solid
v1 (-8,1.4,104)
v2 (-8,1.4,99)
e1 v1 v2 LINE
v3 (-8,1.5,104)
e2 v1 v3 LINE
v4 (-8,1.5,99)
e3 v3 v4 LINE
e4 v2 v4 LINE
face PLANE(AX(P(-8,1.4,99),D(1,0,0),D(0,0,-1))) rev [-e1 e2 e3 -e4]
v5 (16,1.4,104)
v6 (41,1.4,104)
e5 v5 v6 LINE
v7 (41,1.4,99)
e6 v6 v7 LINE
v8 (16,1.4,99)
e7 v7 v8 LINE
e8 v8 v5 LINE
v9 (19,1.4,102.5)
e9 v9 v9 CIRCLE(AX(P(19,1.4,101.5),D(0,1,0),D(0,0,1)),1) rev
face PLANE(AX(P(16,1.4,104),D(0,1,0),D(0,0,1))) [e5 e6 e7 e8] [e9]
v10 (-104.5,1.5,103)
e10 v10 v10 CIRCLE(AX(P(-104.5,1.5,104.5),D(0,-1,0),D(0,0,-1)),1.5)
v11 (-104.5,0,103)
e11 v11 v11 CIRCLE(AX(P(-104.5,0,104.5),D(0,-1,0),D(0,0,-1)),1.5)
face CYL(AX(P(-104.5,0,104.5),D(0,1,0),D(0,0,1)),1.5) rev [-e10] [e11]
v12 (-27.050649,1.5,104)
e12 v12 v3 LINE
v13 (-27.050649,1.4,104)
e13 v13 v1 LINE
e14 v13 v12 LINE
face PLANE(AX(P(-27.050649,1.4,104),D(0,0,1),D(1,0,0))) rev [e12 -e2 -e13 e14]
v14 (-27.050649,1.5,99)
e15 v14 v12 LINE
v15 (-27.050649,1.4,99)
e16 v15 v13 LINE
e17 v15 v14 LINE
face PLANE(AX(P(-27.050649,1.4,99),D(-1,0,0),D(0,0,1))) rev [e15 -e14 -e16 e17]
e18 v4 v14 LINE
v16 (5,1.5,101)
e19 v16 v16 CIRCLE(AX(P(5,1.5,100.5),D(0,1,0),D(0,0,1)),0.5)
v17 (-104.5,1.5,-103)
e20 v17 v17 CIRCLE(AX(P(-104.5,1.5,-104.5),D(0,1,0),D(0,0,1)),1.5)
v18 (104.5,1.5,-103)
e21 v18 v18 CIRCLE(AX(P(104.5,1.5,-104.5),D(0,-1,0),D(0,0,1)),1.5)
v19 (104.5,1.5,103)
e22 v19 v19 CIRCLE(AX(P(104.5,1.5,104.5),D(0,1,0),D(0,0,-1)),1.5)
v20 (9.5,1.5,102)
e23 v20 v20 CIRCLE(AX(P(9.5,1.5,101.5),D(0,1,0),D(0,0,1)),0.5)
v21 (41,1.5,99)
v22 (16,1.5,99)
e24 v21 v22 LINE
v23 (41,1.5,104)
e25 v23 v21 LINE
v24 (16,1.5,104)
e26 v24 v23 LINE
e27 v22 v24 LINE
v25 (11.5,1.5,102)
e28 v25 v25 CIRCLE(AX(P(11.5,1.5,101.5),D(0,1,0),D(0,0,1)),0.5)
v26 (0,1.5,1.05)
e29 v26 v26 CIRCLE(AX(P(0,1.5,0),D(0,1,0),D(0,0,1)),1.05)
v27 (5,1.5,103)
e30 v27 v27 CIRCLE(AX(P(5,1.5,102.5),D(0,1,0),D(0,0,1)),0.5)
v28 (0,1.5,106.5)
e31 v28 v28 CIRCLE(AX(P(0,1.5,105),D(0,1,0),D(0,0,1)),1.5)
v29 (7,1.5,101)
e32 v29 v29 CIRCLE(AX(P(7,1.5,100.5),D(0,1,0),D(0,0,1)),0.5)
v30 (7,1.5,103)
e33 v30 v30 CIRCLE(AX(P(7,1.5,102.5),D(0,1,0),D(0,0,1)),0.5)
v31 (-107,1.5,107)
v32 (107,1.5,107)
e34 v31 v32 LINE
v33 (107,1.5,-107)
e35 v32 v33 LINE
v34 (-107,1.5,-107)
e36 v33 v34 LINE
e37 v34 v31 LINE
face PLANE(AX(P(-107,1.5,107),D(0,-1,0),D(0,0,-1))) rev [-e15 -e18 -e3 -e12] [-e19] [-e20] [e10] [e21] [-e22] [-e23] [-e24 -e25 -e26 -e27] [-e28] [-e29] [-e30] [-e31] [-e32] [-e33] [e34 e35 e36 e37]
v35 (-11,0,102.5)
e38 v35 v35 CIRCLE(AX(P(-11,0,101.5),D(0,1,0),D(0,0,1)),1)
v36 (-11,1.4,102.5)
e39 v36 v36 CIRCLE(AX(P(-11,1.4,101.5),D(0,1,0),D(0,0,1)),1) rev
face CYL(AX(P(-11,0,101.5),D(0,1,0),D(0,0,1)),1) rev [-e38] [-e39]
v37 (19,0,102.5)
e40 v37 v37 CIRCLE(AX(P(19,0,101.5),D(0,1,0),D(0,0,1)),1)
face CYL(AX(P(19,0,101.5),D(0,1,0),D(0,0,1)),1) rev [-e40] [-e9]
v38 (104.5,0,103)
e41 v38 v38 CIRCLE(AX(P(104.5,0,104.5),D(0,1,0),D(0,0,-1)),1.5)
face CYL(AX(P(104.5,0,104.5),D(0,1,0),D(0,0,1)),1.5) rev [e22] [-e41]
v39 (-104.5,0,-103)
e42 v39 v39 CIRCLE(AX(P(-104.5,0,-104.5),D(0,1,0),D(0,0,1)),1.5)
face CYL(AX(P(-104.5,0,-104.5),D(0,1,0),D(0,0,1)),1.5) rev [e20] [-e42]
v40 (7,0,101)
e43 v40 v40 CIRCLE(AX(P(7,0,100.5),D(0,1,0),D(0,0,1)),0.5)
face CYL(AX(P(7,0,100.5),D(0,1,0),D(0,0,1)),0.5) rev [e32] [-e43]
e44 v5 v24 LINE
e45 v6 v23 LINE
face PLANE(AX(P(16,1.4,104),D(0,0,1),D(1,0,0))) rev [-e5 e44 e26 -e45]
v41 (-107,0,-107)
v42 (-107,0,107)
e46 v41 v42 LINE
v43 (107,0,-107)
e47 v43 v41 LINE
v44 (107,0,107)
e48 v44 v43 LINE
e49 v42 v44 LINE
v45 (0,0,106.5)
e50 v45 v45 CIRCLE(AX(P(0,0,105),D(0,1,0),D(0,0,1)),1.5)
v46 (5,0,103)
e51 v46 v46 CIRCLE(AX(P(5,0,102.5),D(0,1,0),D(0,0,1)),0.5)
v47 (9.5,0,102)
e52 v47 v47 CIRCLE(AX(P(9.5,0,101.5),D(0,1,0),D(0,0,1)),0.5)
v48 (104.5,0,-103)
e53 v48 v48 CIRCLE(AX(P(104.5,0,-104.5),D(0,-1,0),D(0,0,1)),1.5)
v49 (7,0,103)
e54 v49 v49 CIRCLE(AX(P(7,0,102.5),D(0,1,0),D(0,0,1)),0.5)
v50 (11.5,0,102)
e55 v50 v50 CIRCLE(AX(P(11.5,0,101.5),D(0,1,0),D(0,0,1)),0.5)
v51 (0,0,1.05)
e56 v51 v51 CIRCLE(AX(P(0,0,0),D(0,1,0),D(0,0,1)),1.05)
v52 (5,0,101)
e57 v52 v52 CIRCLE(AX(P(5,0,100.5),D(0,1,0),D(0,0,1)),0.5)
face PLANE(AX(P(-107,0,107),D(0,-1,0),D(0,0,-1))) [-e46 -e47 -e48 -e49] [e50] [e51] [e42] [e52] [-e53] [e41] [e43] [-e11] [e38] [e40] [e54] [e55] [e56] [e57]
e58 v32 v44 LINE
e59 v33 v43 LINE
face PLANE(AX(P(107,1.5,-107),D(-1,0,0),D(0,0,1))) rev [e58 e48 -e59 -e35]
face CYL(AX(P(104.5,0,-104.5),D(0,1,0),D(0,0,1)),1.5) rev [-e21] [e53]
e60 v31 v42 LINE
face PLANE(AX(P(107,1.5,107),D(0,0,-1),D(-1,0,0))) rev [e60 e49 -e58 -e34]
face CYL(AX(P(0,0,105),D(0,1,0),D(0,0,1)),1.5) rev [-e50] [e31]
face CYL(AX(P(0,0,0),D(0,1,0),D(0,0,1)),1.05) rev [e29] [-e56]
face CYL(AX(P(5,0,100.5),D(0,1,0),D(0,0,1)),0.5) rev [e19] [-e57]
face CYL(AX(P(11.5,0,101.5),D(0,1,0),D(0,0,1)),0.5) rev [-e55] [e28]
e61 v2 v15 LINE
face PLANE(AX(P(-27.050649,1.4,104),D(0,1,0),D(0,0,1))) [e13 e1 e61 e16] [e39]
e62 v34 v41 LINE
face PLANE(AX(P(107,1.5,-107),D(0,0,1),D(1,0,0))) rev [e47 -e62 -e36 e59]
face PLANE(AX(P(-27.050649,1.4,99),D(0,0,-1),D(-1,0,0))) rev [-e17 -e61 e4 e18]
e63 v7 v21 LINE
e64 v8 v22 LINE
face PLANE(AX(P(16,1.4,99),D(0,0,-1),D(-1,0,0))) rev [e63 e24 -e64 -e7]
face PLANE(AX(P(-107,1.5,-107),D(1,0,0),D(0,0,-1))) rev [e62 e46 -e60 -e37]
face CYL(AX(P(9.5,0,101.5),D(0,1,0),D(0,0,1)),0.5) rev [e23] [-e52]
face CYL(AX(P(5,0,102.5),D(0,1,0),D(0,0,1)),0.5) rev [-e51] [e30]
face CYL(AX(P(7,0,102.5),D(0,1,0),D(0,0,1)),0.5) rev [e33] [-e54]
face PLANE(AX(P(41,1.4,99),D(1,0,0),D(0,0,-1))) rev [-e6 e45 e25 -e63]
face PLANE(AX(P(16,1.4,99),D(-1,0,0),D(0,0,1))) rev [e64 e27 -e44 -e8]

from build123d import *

# Parameters (mm, degrees)
SKIZZE1_W                       = 214
SKIZZE1_H                       = 214
AUFSATZ_LINEAR_AUSTRAGEN1_DEPTH = 1.5
SKIZZE2_R                       = 1.5
SCHNITT_LINEAR_AUSTRAGEN1_DEPTH = 152.328285525
SPIEGELN2_COPY_1_SKETCH_R       = 1.5
SPIEGELN2_COPY_1_DEPTH          = 152.328285525
SKIZZE3_R                       = 1.5
SKIZZE3_R_2                     = 1
SKIZZE3_R_3                     = 0.5
SKIZZE3_R_4                     = 1.05
SCHNITT_LINEAR_AUSTRAGEN2_DEPTH = 152.328285525
SKIZZE4_W                       = 19.050649498
SKIZZE4_H                       = 5
SKIZZE4_W_2                     = 25
SCHNITT_LINEAR_AUSTRAGEN3_DEPTH = 0.1


with BuildPart() as part:
    # Skizze1 → Aufsatz-Linear austragen1 (new body)
    with BuildSketch(Plane(origin=(0, 0, 0), x_dir=(1, 0, 0), z_dir=(0, 1, 0))):
        Rectangle(SKIZZE1_W, SKIZZE1_H)
    extrude(amount=AUFSATZ_LINEAR_AUSTRAGEN1_DEPTH)

    # Skizze2 → Schnitt-Linear austragen1 (cut, through all)
    with BuildSketch(Plane(origin=(0, 1.5, 0), x_dir=(1, 0, 0), z_dir=(0, 1, 0))):
        with Locations(Location((-104.5, 104.5, 0), (0, 0, 270))):
            Circle(SKIZZE2_R)
    schnitt_linear_austragen1 = extrude(amount=-SCHNITT_LINEAR_AUSTRAGEN1_DEPTH, mode=Mode.SUBTRACT)

    # Spiegeln1: Schnitt-Linear austragen1 across plane
    add(schnitt_linear_austragen1.mirror(Plane.XY), mode=Mode.SUBTRACT)

    # Spiegeln2: Schnitt-Linear austragen1 across plane
    add(schnitt_linear_austragen1.mirror(Plane(origin=(0, 0, 0), x_dir=(0, 0, 1), z_dir=(1, 0, 0))), mode=Mode.SUBTRACT)

    # Spiegeln2 copy 1 sketch → Spiegeln2 copy 1 (cut, through all)
    with BuildSketch(Plane(origin=(0, 1.5, 0), x_dir=(-1, 0, 0), z_dir=(0, 1, 0))):
        with Locations(Location((-104.5, 104.5, 0), (0, 0, 270))):
            Circle(SPIEGELN2_COPY_1_SKETCH_R)
    extrude(amount=-SPIEGELN2_COPY_1_DEPTH, mode=Mode.SUBTRACT)

    # Skizze3 → Schnitt-Linear austragen2 (cut, through all)
    with BuildSketch(Plane(origin=(0, 1.5, 0), x_dir=(1, 0, 0), z_dir=(0, 1, 0))):
        with Locations(Location((0, -105, 0), (0, 0, 270))):
            Circle(SKIZZE3_R)
        with Locations(Location((-11, -101.5, 0), (0, 0, 270))):
            Circle(SKIZZE3_R_2)
        with Locations(Location((19, -101.5, 0), (0, 0, 270))):
            Circle(SKIZZE3_R_2)
        with Locations(Location((5, -100.5, 0), (0, 0, 270))):
            Circle(SKIZZE3_R_3)
        with Locations(Location((5, -102.5, 0), (0, 0, 270))):
            Circle(SKIZZE3_R_3)
        with Locations(Location((7, -100.5, 0), (0, 0, 270))):
            Circle(SKIZZE3_R_3)
        with Locations(Location((7, -102.5, 0), (0, 0, 270))):
            Circle(SKIZZE3_R_3)
        with Locations(Location((9.5, -101.5, 0), (0, 0, 270))):
            Circle(SKIZZE3_R_3)
        with Locations(Location((11.5, -101.5, 0), (0, 0, 270))):
            Circle(SKIZZE3_R_3)
        with Locations(Location((0, 0, 0), (0, 0, 270))):
            Circle(SKIZZE3_R_4)
    extrude(amount=-SCHNITT_LINEAR_AUSTRAGEN2_DEPTH, mode=Mode.SUBTRACT)

    # Skizze4 → Schnitt-Linear austragen3 (cut)
    with BuildSketch(Plane(origin=(0, 1.5, 0), x_dir=(1, 0, 0), z_dir=(0, 1, 0))):
        with Locations((-17.525324749, -101.5)):
            Rectangle(SKIZZE4_W, SKIZZE4_H)
        with Locations((28.5, -101.5)):
            Rectangle(SKIZZE4_W_2, SKIZZE4_H)
    extrude(amount=-SCHNITT_LINEAR_AUSTRAGEN3_DEPTH, mode=Mode.SUBTRACT)


solid = part.part
